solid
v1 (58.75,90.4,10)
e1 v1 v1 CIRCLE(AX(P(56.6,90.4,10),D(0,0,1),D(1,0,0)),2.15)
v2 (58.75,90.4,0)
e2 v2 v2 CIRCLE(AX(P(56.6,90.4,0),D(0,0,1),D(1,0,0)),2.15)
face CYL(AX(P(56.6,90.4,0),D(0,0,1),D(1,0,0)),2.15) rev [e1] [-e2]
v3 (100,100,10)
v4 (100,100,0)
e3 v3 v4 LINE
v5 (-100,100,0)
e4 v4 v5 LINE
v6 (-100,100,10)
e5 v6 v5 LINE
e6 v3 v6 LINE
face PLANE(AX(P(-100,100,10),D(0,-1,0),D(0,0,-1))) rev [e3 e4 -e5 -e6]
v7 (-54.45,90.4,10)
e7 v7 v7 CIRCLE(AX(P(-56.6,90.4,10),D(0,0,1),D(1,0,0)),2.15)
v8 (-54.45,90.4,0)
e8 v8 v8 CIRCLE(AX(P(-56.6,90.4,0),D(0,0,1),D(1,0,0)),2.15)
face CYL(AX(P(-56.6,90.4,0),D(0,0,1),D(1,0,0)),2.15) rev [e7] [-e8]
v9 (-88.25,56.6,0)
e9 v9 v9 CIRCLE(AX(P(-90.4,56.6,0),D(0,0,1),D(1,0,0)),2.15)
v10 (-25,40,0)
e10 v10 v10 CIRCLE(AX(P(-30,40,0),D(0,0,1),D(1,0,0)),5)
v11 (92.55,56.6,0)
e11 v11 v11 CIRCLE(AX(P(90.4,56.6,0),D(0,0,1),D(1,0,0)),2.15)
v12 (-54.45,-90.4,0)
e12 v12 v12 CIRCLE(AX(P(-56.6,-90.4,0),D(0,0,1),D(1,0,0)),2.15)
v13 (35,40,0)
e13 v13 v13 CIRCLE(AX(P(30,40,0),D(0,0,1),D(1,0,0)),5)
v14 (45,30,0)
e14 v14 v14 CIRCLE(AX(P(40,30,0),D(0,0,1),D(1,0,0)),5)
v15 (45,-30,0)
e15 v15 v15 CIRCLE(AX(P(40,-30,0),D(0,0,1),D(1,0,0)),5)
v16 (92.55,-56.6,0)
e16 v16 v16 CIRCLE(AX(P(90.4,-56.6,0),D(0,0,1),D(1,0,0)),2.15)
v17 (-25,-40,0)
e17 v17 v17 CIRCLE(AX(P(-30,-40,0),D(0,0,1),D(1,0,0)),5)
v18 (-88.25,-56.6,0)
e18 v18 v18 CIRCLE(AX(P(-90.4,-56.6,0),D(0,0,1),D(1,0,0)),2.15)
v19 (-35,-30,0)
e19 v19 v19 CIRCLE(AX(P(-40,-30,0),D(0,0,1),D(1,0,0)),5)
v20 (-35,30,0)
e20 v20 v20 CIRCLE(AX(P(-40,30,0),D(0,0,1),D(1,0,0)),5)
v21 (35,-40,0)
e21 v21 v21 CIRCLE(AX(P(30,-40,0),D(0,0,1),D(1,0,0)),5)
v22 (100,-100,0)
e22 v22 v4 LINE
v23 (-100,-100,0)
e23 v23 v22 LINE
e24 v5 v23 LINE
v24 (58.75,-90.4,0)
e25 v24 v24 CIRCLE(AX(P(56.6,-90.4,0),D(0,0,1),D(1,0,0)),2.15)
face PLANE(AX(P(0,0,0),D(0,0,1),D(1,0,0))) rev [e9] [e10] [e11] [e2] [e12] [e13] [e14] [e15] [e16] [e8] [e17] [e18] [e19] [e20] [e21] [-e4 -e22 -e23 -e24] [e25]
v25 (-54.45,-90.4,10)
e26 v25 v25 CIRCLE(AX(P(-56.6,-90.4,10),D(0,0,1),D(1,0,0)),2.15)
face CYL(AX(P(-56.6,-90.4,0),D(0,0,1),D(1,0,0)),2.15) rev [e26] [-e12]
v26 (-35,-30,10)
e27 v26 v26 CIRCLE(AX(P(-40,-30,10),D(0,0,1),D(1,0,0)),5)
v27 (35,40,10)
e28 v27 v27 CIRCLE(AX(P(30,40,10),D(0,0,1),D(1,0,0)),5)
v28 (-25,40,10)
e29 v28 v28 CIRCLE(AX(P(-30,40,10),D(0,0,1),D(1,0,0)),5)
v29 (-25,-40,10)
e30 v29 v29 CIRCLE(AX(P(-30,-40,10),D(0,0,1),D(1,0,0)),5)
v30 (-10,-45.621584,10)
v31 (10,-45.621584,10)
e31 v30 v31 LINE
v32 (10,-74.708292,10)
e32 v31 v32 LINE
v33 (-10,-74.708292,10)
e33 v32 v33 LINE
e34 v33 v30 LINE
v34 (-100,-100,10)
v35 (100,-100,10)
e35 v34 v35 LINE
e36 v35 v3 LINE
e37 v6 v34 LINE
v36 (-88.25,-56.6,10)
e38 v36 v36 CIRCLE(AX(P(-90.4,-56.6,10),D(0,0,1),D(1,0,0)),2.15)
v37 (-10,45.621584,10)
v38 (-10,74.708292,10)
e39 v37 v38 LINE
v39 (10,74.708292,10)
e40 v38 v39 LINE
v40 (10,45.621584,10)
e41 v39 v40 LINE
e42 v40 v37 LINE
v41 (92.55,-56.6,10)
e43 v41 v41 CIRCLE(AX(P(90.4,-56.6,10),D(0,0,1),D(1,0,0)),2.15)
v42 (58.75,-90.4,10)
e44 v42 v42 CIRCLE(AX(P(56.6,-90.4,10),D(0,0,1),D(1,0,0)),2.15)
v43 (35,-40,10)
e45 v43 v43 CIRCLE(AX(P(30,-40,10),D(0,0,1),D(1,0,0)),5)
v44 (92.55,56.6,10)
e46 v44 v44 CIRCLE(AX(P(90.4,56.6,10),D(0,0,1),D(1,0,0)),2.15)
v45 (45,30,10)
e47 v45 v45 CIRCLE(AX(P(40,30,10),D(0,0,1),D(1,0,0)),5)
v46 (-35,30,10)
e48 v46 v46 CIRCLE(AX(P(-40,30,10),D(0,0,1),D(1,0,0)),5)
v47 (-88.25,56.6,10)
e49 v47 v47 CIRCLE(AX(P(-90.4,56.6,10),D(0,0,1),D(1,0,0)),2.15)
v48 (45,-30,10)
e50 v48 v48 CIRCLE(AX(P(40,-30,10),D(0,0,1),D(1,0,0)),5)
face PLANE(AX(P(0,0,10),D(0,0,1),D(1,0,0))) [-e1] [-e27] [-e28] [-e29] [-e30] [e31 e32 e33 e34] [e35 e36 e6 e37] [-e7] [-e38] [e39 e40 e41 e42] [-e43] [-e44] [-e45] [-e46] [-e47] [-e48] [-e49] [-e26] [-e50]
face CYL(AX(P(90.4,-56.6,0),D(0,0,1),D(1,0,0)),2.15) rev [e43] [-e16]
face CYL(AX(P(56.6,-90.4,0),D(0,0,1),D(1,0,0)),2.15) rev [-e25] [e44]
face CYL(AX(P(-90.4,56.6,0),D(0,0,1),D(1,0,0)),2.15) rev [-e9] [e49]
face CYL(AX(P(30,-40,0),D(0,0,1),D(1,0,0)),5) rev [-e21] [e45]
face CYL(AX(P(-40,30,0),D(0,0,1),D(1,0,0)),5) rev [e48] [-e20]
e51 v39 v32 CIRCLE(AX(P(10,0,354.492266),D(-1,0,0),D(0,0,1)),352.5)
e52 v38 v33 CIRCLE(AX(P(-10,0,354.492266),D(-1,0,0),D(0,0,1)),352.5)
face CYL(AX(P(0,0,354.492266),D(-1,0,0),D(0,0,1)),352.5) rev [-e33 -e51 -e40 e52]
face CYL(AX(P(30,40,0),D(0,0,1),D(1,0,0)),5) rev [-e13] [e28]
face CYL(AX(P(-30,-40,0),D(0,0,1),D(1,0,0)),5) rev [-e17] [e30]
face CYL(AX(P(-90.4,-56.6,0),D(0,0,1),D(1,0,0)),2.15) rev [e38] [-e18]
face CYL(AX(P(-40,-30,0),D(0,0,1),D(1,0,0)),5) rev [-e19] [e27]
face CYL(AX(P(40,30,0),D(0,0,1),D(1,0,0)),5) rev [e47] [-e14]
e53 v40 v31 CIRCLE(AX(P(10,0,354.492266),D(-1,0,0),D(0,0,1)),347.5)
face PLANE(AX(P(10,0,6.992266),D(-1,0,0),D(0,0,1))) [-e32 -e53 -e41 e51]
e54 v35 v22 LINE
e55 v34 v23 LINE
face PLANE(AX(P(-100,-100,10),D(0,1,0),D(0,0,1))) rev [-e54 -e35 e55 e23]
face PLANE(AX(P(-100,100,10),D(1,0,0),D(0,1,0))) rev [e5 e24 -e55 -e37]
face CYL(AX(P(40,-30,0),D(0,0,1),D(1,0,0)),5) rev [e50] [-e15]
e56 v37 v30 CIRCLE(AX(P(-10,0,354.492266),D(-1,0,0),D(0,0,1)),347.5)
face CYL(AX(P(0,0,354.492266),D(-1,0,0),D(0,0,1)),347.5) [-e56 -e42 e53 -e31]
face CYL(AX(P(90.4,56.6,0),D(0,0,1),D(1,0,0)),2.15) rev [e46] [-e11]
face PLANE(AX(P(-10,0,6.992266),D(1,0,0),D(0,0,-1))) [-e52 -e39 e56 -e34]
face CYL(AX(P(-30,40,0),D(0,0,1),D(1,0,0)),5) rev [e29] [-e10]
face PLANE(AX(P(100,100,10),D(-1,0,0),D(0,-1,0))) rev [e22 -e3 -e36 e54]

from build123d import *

# Parameters (mm, degrees)
SKETCH1_W           = 200
SKETCH1_H           = 200
BOSS_EXTRUDE1_DEPTH = 10
SKETCH2_R           = 5
SKETCH2_R_2         = 2.15
CUT_EXTRUDE1_DEPTH  = 142.774468788
SKETCH3_W           = 20
SKETCH3_H           = 5


with BuildPart() as part:
    # Sketch1 → Boss-Extrude1 (new body)
    with BuildSketch(Plane.XY):
        Rectangle(SKETCH1_W, SKETCH1_H)
    extrude(amount=BOSS_EXTRUDE1_DEPTH)

    # Sketch2 → Cut-Extrude1 (cut, through all)
    with BuildSketch(Plane.XY.offset(10)):
        with Locations((-40, 30)):
            Circle(SKETCH2_R)
        with Locations((40, 30)):
            Circle(SKETCH2_R)
        with Locations((40, -30)):
            Circle(SKETCH2_R)
        with Locations((-40, -30)):
            Circle(SKETCH2_R)
        with Locations((-30, 40)):
            Circle(SKETCH2_R)
        with Locations((30, 40)):
            Circle(SKETCH2_R)
        with Locations((30, -40)):
            Circle(SKETCH2_R)
        with Locations((-30, -40)):
            Circle(SKETCH2_R)
        with Locations((-56.6, 90.4)):
            Circle(SKETCH2_R_2)
        with Locations((-90.4, 56.6)):
            Circle(SKETCH2_R_2)
        with Locations((-90.4, -56.6)):
            Circle(SKETCH2_R_2)
        with Locations((-56.6, -90.4)):
            Circle(SKETCH2_R_2)
        with Locations((56.6, -90.4)):
            Circle(SKETCH2_R_2)
        with Locations((90.4, -56.6)):
            Circle(SKETCH2_R_2)
        with Locations((90.4, 56.6)):
            Circle(SKETCH2_R_2)
        with Locations((56.6, 90.4)):
            Circle(SKETCH2_R_2)
    extrude(amount=-CUT_EXTRUDE1_DEPTH, mode=Mode.SUBTRACT)

    # Sketch3 → Cut-Revolve1 (revolve, cut)
    with BuildSketch(Plane(origin=(0, 0, 0), x_dir=(1, 0, 0), z_dir=(0, 1, 0))):
        with Locations((0, -4.492265688)):
            Rectangle(SKETCH3_W, SKETCH3_H)
    revolve(axis=Axis((0, 0, 354.492265688), (1, 0, 0)), mode=Mode.SUBTRACT)


solid = part.part
